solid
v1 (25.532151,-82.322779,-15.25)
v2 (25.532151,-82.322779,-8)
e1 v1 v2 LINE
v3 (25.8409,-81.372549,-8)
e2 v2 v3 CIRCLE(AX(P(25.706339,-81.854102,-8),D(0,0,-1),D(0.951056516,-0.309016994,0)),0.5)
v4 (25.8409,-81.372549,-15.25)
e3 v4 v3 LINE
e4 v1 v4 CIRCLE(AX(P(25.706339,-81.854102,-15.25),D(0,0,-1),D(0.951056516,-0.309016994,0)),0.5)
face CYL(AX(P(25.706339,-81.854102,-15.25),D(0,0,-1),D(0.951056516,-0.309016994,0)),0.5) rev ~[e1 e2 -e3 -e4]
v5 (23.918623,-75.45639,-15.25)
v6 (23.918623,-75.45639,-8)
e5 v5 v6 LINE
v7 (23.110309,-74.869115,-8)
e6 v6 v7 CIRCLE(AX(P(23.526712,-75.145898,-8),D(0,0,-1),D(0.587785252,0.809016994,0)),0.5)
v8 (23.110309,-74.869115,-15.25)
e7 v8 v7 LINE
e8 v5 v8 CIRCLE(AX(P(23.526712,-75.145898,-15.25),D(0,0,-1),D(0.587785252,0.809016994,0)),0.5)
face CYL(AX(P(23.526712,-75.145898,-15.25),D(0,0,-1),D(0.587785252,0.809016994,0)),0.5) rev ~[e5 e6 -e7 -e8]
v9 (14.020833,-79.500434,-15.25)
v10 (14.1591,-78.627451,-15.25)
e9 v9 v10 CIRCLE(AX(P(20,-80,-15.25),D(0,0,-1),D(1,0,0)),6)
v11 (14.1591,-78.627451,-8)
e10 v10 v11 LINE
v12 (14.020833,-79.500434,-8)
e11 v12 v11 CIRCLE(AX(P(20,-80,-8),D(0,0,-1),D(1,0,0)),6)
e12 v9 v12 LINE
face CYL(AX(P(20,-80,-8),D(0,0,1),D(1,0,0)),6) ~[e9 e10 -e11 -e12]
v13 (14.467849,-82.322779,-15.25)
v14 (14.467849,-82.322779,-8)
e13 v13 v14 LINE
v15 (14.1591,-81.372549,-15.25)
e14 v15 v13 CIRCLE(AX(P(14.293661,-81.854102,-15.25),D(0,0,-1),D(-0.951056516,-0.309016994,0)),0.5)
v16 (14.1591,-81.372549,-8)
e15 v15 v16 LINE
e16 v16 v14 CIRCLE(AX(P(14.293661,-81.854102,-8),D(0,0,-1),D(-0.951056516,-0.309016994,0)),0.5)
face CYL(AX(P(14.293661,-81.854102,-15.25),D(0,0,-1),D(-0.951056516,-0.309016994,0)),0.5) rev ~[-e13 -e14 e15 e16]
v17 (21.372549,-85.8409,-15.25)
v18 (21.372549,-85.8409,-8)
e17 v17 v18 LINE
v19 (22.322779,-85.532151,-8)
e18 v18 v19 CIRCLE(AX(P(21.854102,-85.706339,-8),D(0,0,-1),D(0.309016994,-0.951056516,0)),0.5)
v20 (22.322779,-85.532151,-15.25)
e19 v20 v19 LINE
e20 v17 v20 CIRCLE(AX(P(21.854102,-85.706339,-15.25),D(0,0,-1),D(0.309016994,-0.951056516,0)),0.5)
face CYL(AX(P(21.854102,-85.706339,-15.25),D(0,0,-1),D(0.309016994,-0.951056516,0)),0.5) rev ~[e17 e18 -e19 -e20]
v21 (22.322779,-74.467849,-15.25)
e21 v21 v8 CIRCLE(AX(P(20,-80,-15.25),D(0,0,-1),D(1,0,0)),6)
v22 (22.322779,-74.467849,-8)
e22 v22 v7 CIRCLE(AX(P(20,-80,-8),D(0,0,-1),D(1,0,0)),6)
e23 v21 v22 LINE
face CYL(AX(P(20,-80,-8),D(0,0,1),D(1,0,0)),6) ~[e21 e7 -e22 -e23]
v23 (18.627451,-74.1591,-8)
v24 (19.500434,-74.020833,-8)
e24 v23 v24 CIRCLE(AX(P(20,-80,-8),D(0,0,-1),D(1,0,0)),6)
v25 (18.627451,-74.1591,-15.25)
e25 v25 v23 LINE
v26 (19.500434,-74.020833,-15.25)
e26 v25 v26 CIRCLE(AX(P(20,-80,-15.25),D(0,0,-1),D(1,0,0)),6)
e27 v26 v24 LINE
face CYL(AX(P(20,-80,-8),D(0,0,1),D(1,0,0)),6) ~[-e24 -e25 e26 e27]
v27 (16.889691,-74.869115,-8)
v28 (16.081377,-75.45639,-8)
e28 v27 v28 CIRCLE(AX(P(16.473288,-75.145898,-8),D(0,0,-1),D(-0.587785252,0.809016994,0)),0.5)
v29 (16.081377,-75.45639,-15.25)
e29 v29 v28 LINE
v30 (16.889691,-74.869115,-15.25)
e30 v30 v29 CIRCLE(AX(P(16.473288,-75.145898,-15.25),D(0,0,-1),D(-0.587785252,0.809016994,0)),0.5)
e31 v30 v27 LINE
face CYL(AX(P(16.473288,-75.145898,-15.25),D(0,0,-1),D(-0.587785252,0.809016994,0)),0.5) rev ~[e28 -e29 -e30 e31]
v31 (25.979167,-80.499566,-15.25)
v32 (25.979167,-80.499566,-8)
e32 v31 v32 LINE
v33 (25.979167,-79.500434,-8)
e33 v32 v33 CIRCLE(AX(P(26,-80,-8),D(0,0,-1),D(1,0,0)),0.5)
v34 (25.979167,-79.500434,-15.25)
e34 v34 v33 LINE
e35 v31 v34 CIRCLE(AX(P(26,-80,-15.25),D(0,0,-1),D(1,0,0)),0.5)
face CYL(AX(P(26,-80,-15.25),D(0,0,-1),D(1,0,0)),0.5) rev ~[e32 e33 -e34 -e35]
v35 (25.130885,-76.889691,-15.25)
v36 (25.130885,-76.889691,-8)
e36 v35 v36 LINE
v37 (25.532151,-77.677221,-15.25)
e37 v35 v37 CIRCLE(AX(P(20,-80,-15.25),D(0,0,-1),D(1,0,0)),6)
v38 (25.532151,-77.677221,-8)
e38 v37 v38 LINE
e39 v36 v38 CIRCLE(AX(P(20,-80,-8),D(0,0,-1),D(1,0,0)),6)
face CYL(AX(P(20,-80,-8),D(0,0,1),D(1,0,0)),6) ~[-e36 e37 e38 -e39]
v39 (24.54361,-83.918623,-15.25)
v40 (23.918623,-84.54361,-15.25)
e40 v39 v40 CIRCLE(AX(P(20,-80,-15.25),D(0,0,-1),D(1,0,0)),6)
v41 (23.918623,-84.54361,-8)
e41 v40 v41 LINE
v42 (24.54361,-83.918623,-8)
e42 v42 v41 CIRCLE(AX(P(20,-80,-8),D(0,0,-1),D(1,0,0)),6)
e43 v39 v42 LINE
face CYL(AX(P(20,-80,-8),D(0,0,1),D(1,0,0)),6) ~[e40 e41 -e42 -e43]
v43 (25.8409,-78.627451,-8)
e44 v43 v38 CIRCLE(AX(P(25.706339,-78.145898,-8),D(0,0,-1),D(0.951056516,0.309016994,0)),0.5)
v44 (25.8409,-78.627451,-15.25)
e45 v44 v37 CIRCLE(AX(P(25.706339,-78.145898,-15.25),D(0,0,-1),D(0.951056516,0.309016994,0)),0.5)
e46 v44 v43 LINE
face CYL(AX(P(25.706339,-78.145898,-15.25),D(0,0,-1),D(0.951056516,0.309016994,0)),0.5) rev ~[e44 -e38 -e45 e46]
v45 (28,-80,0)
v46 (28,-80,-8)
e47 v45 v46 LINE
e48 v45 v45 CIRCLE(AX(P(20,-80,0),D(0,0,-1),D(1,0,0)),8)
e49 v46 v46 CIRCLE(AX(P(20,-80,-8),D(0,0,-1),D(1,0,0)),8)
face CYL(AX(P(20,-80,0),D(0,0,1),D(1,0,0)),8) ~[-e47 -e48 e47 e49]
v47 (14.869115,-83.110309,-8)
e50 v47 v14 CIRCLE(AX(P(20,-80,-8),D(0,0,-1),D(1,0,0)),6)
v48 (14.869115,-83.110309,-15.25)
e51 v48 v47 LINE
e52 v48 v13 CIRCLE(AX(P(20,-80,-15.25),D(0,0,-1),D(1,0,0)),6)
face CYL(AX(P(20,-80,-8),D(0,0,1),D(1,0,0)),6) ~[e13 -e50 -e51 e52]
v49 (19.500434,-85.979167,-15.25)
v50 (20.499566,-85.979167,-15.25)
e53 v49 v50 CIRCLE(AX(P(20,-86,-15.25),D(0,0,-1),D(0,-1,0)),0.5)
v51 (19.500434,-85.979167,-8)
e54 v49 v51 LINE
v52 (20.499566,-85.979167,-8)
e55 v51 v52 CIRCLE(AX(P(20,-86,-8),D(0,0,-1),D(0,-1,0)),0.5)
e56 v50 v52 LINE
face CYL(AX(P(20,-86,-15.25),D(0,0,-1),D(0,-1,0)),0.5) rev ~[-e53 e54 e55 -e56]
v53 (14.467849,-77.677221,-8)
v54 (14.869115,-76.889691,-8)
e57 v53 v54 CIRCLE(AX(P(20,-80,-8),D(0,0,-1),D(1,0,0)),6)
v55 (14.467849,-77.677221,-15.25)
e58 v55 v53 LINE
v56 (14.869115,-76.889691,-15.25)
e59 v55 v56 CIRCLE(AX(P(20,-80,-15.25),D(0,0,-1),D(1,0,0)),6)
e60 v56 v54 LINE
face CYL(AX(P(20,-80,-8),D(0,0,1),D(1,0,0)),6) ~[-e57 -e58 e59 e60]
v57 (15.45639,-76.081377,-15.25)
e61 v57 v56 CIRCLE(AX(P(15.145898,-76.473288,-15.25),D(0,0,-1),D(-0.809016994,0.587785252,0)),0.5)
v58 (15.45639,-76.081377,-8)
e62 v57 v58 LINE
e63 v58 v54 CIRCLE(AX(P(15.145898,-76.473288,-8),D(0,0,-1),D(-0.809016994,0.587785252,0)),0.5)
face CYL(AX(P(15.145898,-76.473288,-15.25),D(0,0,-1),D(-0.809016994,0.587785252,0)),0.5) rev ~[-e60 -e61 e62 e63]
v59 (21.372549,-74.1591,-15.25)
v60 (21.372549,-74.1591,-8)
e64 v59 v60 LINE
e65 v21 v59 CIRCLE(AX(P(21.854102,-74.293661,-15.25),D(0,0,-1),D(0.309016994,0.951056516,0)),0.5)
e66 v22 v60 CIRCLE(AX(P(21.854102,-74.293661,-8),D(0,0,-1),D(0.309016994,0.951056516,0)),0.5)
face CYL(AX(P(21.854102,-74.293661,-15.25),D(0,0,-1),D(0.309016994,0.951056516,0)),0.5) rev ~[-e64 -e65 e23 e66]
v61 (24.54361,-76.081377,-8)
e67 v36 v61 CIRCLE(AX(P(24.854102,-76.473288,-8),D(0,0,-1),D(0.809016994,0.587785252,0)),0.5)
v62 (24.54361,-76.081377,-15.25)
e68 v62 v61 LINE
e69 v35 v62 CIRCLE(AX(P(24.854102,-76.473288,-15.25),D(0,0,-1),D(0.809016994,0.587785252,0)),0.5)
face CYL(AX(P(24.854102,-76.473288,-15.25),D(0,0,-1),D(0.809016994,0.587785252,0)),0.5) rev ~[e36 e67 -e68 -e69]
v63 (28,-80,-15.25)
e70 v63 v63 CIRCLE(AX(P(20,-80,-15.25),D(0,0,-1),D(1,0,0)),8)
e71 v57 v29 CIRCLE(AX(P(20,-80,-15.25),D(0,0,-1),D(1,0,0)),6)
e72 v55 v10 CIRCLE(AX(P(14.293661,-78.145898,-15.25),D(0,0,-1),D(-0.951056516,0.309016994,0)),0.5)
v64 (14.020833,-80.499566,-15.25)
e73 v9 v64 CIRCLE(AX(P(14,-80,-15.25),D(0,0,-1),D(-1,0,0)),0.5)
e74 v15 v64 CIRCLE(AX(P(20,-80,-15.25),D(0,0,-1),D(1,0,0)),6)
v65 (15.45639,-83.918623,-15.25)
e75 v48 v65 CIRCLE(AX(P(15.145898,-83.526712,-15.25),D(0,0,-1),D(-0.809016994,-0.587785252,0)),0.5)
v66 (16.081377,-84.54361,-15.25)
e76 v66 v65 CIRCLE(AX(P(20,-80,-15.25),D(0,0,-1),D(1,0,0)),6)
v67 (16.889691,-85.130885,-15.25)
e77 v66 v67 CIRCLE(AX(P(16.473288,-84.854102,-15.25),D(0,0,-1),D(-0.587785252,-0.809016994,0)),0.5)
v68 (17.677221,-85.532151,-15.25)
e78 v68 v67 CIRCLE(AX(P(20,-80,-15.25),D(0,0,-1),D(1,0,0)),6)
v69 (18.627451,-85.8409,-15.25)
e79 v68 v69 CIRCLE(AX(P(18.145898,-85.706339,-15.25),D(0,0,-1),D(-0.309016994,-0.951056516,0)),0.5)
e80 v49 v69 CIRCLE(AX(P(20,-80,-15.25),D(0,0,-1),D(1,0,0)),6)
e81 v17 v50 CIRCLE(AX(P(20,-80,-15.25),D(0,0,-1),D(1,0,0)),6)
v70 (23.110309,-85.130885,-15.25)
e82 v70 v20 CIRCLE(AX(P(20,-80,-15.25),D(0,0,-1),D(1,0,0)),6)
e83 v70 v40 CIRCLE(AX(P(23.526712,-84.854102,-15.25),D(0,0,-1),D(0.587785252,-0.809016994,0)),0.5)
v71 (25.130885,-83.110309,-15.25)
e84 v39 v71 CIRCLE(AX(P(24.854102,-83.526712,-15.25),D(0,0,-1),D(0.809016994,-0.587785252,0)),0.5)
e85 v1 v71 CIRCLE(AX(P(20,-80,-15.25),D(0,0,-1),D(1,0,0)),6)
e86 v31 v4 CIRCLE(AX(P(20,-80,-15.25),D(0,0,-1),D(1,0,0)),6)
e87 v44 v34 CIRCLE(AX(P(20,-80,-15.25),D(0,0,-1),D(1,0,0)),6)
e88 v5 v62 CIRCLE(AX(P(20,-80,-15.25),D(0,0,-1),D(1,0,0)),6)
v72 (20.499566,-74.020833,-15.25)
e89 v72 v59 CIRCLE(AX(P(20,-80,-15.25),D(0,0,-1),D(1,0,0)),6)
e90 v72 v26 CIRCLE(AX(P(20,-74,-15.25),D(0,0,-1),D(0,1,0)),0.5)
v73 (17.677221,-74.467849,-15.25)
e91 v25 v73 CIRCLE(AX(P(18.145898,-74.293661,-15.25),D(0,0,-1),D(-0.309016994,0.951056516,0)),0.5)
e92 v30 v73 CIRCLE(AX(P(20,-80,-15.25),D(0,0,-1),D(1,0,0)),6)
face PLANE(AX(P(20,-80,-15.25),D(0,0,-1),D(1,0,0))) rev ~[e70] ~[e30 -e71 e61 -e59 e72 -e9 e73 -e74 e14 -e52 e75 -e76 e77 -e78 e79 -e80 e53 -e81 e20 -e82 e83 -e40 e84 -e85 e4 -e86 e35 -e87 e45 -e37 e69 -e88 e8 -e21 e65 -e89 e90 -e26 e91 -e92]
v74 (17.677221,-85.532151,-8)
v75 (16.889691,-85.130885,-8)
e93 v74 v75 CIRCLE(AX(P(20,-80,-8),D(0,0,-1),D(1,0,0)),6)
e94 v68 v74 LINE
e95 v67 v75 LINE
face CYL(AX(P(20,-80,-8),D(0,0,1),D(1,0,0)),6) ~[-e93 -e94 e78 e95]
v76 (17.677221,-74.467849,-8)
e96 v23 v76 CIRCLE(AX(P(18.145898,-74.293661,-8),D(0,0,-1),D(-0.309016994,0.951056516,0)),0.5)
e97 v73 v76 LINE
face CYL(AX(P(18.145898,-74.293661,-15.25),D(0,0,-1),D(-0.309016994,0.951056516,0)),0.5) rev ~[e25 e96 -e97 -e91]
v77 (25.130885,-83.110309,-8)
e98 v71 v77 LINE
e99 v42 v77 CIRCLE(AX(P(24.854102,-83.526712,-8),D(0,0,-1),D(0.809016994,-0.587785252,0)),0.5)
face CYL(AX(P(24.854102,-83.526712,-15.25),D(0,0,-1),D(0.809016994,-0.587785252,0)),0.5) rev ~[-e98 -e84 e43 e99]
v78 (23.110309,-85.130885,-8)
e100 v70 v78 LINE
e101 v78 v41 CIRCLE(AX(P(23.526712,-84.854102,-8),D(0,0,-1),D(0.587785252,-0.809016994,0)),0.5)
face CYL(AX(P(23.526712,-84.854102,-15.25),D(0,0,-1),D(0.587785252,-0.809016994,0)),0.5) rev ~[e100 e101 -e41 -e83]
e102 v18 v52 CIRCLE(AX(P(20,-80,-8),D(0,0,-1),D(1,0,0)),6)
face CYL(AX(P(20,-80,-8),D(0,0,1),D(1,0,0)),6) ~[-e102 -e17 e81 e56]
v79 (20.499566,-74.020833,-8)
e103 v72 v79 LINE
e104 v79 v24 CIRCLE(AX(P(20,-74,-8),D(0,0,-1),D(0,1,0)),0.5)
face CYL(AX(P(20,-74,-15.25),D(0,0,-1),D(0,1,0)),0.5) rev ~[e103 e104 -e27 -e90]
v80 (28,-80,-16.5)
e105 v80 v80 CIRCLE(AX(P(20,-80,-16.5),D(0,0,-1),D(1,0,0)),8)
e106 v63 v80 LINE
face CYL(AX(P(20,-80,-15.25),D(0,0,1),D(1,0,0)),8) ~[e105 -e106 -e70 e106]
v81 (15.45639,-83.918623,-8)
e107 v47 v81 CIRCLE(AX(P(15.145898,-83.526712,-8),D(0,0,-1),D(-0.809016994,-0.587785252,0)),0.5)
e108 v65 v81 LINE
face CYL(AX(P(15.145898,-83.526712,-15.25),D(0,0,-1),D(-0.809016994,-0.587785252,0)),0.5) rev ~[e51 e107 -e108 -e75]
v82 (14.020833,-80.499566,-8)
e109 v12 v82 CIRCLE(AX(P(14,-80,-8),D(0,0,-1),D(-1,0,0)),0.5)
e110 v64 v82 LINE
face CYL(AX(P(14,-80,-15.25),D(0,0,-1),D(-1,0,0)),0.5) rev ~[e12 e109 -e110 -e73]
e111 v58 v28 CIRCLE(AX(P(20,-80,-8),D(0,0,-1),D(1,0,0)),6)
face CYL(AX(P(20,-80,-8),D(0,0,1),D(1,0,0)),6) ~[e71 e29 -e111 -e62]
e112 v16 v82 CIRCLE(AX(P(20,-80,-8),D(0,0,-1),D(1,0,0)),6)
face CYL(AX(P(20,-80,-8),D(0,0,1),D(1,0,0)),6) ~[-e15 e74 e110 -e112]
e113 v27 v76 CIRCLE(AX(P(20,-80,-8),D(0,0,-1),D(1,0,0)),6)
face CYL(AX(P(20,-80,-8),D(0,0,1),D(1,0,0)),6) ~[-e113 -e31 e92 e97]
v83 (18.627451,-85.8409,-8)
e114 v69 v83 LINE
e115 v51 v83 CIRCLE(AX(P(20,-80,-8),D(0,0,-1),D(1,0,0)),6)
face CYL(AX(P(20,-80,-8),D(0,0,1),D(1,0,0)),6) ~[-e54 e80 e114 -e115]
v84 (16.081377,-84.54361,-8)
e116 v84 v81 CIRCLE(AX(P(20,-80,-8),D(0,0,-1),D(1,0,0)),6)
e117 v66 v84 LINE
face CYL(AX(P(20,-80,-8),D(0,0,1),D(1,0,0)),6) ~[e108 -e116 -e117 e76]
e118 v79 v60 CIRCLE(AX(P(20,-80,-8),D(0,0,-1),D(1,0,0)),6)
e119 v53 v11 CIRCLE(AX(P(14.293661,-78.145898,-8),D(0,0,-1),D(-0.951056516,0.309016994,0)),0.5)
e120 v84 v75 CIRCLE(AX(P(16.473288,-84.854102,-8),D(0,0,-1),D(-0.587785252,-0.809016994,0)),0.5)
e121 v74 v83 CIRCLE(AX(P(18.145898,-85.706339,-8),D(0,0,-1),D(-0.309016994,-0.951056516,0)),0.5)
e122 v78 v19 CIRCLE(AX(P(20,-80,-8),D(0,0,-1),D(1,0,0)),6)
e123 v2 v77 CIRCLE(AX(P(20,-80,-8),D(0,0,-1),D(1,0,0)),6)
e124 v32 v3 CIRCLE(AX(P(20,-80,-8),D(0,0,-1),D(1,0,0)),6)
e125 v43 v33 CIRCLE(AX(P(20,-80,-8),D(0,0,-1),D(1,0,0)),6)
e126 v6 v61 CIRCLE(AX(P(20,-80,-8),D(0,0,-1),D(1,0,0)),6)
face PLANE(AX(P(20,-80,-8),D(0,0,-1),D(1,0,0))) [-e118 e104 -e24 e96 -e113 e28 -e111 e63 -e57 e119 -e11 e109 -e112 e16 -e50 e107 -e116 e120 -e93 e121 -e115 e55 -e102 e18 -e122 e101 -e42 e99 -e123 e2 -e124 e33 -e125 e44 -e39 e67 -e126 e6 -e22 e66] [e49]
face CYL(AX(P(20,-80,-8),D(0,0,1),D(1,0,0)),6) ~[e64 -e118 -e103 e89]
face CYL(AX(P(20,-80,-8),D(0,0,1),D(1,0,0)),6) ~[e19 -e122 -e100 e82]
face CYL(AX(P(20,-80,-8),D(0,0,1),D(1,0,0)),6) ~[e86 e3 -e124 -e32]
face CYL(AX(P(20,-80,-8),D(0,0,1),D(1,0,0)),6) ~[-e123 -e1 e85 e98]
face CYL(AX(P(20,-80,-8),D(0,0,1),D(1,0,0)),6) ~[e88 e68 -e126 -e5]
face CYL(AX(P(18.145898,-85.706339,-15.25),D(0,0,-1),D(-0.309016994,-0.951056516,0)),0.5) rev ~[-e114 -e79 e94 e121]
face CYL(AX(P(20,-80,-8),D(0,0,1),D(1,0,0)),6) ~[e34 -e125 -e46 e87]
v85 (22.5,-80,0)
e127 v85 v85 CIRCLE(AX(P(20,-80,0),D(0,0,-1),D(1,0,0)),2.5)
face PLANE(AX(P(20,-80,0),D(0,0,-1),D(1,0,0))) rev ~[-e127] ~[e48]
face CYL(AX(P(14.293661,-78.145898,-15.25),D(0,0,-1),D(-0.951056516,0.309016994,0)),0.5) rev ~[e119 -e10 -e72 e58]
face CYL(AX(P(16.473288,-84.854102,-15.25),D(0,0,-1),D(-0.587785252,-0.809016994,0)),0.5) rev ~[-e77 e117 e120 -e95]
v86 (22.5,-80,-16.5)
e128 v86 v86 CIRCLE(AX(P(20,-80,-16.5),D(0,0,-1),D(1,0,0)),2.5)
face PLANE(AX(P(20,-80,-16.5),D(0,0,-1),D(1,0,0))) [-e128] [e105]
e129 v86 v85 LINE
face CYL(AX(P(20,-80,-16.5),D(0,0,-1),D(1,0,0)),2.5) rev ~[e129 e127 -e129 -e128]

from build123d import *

# Parameters (mm, degrees)
SKETCH025_R        = 8
PAD014_DEPTH       = 8
SKETCH026_R        = 6
PAD015_DEPTH       = 7.25
SKETCH027_R        = 0.5
POCKET008_DEPTH    = 7.25
POLARPATTERN_COUNT = 20
SKETCH028_R        = 8
PAD016_DEPTH       = 1.25
SKETCH029_R        = 2.5
POCKET009_DEPTH    = 16.5


with BuildPart() as part:
    # Sketch025 → Pad014 (new body)
    with BuildSketch(Plane(origin=(20, -80, 0), x_dir=(1, 0, 0), z_dir=(0, 0, -1))):
        Circle(SKETCH025_R)
    extrude(amount=PAD014_DEPTH)

    # Sketch026 → Pad015 (new body)
    with BuildSketch(Plane(origin=(20, -80, -8), x_dir=(1, 0, 0), z_dir=(0, 0, -1))):
        Circle(SKETCH026_R)
    extrude(amount=PAD015_DEPTH)

    # Sketch027 → Pocket008 (cut)
    with BuildSketch(Plane(origin=(20, -80, -15.25), x_dir=(1, 0, 0), z_dir=(0, 0, -1))):
        with Locations((6, 0)):
            Circle(SKETCH027_R)
    pocket008 = extrude(amount=-POCKET008_DEPTH, mode=Mode.SUBTRACT)

    # PolarPattern: Pocket008 ×20 about axis
    polarpattern_axis = Axis((20, -80, -15.25), (0, 0, -1))
    for i in range(1, POLARPATTERN_COUNT):
        add(pocket008.rotate(polarpattern_axis, i * 360 / POLARPATTERN_COUNT), mode=Mode.SUBTRACT)

    # Sketch028 → Pad016 (new body)
    with BuildSketch(Plane(origin=(20, -80, -15.25), x_dir=(1, 0, 0), z_dir=(0, 0, -1))):
        Circle(SKETCH028_R)
    extrude(amount=PAD016_DEPTH)

    # Sketch029 → Pocket009 (cut)
    with BuildSketch(Plane(origin=(20, -80, -16.5), x_dir=(1, 0, 0), z_dir=(0, 0, -1))):
        Circle(SKETCH029_R)
    extrude(amount=-POCKET009_DEPTH, mode=Mode.SUBTRACT)


solid = part.part
